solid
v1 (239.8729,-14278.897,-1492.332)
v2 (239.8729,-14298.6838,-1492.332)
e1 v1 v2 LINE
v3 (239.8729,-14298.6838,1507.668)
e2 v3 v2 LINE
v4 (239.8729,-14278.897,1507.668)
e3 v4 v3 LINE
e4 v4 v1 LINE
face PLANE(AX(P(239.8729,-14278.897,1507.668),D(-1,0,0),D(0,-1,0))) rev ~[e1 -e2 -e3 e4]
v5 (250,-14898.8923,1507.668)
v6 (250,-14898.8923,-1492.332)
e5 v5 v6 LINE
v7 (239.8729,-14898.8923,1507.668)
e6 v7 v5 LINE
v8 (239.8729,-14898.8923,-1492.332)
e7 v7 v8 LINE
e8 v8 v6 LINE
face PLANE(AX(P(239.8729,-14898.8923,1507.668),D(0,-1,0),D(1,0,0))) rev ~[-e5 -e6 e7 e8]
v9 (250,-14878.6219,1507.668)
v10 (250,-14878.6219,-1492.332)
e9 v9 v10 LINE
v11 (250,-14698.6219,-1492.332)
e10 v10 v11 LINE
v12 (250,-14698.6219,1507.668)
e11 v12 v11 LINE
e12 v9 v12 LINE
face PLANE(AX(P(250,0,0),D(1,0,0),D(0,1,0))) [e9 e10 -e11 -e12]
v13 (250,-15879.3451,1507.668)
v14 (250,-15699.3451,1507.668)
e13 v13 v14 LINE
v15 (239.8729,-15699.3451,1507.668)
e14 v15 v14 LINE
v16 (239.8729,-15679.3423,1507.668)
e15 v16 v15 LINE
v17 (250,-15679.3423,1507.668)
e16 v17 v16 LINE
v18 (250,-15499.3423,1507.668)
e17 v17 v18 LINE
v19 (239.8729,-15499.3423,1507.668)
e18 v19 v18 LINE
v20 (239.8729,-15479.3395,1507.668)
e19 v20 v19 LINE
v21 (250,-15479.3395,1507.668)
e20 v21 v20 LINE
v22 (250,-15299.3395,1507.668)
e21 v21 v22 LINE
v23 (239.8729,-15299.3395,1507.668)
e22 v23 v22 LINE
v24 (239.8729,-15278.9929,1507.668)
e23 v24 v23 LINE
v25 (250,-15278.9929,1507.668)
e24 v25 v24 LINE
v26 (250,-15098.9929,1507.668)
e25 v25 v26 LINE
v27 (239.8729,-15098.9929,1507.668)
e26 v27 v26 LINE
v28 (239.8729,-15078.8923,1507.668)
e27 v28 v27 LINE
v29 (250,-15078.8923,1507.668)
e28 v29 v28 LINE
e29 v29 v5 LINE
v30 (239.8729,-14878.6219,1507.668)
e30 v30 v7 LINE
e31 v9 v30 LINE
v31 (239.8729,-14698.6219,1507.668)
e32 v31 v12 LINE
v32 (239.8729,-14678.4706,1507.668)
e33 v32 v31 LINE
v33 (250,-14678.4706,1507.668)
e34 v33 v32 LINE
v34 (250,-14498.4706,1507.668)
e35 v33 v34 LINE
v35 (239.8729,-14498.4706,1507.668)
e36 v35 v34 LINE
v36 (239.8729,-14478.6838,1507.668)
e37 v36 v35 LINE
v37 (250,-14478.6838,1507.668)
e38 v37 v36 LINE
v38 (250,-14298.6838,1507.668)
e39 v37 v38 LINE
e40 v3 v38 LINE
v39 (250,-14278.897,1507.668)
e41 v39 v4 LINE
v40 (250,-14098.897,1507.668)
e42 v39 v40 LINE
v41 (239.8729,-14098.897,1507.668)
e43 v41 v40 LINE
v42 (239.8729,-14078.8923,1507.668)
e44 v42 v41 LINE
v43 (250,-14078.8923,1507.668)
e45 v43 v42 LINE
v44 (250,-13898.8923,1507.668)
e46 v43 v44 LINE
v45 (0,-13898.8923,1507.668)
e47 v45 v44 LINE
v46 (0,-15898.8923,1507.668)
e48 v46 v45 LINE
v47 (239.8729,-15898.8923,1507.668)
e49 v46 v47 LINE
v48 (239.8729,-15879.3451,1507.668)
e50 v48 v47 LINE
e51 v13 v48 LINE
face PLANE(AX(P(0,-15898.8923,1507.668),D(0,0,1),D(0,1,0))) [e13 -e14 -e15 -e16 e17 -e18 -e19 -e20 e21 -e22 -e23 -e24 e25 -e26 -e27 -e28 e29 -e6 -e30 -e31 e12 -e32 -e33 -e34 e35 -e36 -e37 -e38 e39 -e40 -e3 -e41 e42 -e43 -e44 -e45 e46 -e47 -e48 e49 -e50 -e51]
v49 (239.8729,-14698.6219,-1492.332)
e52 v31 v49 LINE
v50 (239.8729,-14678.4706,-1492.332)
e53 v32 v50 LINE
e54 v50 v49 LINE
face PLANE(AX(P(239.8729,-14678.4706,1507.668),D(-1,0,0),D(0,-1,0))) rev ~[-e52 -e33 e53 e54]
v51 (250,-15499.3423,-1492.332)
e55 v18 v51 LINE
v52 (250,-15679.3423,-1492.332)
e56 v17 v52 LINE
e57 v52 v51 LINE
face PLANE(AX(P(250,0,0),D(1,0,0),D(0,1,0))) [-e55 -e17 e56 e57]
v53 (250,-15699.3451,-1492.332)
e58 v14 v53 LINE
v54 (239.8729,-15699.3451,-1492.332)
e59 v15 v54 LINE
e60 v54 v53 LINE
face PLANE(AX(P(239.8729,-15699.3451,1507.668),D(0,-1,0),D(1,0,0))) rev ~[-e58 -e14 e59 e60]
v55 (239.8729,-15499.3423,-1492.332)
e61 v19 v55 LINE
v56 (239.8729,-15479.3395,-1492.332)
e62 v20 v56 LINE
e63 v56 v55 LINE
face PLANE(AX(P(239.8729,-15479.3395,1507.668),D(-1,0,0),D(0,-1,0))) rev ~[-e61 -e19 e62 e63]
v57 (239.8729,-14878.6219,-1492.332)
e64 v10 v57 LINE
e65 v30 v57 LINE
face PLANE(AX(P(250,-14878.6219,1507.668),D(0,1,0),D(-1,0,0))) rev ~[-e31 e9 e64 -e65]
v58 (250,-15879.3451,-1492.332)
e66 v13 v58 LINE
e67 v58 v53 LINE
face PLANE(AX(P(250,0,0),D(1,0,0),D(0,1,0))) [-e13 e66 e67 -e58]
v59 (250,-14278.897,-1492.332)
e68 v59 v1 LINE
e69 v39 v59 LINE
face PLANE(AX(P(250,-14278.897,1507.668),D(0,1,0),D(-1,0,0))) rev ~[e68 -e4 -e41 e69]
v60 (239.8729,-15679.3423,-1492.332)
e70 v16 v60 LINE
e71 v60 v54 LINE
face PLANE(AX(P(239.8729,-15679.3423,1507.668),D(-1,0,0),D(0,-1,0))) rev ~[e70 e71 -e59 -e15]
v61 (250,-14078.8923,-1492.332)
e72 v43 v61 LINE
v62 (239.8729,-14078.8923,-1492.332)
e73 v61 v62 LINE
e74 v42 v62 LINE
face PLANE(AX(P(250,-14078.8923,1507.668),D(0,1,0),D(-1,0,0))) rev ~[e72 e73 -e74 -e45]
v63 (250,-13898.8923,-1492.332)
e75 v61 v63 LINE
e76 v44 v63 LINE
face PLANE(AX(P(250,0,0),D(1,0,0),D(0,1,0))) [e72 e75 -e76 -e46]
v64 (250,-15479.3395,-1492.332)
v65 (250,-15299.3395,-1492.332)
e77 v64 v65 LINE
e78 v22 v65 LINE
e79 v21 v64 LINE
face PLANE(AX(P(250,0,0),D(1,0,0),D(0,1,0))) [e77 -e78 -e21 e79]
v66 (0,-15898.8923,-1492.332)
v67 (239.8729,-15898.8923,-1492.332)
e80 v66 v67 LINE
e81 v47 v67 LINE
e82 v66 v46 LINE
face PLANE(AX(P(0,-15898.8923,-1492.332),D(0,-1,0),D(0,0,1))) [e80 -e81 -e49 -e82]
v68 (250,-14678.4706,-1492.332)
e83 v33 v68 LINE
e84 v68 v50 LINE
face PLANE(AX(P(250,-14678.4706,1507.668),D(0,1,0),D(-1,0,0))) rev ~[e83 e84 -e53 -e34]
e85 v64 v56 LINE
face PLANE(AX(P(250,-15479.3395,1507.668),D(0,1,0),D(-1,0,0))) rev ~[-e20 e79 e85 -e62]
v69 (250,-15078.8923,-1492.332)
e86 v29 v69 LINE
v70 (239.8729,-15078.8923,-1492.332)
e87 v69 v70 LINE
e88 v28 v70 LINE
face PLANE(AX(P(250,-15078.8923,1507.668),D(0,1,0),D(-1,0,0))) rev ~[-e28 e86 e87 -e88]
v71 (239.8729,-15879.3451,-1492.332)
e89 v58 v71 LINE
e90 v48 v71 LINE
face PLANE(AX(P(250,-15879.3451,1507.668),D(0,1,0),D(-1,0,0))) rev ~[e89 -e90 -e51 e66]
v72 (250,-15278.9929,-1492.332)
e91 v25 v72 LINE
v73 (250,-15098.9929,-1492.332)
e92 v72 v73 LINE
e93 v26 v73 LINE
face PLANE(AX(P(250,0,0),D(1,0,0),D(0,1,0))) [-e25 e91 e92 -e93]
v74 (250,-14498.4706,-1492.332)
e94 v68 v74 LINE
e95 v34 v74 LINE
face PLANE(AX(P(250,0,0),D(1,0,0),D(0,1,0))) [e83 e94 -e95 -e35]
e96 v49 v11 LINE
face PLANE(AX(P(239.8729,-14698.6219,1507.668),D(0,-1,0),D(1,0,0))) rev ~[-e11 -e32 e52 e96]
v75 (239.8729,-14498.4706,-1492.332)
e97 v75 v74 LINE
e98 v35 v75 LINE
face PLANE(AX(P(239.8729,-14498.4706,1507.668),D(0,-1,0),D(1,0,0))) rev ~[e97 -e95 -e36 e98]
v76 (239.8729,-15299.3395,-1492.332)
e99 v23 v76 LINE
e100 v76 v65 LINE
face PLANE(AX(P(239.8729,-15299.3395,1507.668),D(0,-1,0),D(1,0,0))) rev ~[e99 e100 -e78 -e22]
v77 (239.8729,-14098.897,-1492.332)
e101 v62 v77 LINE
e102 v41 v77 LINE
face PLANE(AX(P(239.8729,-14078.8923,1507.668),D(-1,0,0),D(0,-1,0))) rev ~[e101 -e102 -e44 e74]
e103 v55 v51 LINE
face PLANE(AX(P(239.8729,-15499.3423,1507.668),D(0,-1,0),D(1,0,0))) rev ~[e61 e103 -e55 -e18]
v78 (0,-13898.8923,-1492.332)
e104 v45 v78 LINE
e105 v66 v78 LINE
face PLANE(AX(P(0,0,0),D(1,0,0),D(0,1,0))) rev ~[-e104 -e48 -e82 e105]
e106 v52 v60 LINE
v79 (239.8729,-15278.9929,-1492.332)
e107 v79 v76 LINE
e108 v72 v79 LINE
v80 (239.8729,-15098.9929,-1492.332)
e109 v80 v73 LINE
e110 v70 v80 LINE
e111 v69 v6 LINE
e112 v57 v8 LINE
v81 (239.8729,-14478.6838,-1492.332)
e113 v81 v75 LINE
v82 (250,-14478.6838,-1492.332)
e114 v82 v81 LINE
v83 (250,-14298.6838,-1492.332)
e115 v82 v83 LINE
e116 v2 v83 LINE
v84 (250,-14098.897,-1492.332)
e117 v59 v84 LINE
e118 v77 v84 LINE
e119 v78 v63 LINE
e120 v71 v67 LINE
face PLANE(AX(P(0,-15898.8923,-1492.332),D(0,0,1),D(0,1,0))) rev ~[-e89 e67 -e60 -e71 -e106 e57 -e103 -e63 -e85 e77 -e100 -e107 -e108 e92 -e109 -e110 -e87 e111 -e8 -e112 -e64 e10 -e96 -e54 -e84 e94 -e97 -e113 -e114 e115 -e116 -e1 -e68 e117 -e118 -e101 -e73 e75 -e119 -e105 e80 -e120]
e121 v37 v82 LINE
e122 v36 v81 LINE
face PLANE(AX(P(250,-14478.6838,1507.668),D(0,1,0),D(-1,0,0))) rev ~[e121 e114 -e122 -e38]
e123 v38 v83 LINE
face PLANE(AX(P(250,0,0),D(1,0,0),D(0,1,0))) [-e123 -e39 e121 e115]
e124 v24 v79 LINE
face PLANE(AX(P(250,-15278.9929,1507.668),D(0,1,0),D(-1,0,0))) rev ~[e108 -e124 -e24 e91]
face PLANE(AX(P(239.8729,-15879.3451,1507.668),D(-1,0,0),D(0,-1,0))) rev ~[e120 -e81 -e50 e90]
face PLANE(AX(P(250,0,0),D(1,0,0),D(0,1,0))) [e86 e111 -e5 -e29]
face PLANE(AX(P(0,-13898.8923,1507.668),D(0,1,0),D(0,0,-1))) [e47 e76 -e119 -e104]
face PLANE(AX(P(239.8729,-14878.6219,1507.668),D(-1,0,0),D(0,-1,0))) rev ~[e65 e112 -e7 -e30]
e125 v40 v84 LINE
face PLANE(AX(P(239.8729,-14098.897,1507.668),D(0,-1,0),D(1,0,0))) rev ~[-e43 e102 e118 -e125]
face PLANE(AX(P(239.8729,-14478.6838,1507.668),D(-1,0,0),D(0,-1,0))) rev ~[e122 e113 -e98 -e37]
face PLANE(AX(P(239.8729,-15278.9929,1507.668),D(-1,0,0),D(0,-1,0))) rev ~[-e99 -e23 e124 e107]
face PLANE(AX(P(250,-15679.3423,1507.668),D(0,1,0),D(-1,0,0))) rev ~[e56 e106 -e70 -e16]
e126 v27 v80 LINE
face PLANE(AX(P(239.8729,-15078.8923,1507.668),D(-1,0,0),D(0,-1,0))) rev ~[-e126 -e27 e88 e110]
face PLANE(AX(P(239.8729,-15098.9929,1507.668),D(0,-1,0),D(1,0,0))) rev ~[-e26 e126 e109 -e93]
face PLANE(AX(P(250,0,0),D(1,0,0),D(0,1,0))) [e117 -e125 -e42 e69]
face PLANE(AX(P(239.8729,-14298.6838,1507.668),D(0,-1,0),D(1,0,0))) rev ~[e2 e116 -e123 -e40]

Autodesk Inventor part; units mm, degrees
ref_plane "YZ Plane" through (0, 0, 0) normal (1, 0, 0) x (0, 1, 0)
ref_plane "XZ Plane" through (0, 0, 0) normal (0, 1, 0) x (-1, 0, 0)
ref_plane "XY Plane" through (0, 0, 0) normal (0, 0, 1) x (1, 0, 0)
sketch "Sketch1" plane through (0, 0, 0) normal (1, 0, 0) x (0, 1, 0)
  line L0 (-15898.8923, -1492.332) -> (-15898.8923, 1507.668)
  line L1 (-15898.8923, 1507.668) -> (-13898.8923, 1507.668)
  line L2 (-13898.8923, 1507.668) -> (-13898.8923, -1492.332)
  line L3 (-15898.8923, -1492.332) -> (-13898.8923, -1492.332)
  point P0 (0, 0)
  dimension "d0" = 2000
  dimension "d1" = 3000
  dimension "d2" = 90
extrude "Extrusion1" add sketch "Sketch1" along normal blind 250
sketch "Sketch3" plane through (0, -15898.8923, 1507.668) normal (0, 0, 1) x (1, 0, 0)
  line L0 (250, 2000) -> (250, 0) projected
  line L1 (250, 2000) -> (250, 1820)
  line L2 (250, 1820) -> (239.8729, 1820)
  line L3 (239.8729, 1820) -> (239.8729, 1799.9953)
  line L4 (239.8729, 1799.9953) -> (250, 1799.9953)
  line L5 (250, 1799.9953) -> (250, 1619.9953)
  line L6 (250, 1619.9953) -> (239.8729, 1619.9953)
  line L7 (239.8729, 1619.9953) -> (239.8729, 1600.2085)
  line L8 (239.8729, 1600.2085) -> (250, 1600.2085)
  line L9 (250, 1600.2085) -> (250, 1420.2085)
  line L10 (250, 1420.2085) -> (239.8729, 1420.2085)
  line L11 (239.8729, 1420.2085) -> (239.8729, 1400.4217)
  line L12 (239.8729, 1400.4217) -> (250, 1400.4217)
  line L13 (250, 1400.4217) -> (250, 1220.4217)
  line L14 (250, 1220.4217) -> (239.8729, 1220.4217)
  line L15 (239.8729, 1220.4217) -> (239.8729, 1200.2704)
  line L16 (239.8729, 1200.2704) -> (250, 1200.2704)
  line L17 (250, 1200.2704) -> (250, 1020.2704)
  line L18 (250, 1020.2704) -> (239.8729, 1020.2704)
  line L19 (239.8729, 1020.2704) -> (239.8729, 1000)
  line L20 (239.8729, 1000) -> (250, 1000)
  line L21 (250, 1000) -> (250, 820)
  line L22 (250, 820) -> (239.8729, 820)
  line L23 (239.8729, 820) -> (239.8729, 799.8994)
  line L24 (239.8729, 799.8994) -> (250, 799.8994)
  line L25 (250, 799.8994) -> (250, 619.8994)
  line L26 (250, 619.8994) -> (239.8729, 619.8994)
  line L27 (239.8729, 619.8994) -> (239.8729, 599.5528)
  line L28 (239.8729, 599.5528) -> (250, 599.5528)
  line L29 (250, 599.5528) -> (250, 419.5528)
  line L30 (250, 419.5528) -> (239.8729, 419.5528)
  line L31 (239.8729, 419.5528) -> (239.8729, 399.55)
  line L32 (239.8729, 399.55) -> (250, 399.55)
  line L33 (250, 399.55) -> (250, 219.55)
  line L34 (250, 219.55) -> (239.8729, 219.55)
  line L35 (239.8729, 219.55) -> (239.8729, 199.5472)
  line L36 (239.8729, 199.5472) -> (250, 199.5472)
  line L37 (250, 199.5472) -> (250, 19.5472)
  line L38 (250, 19.5472) -> (239.8729, 19.5472)
  line L39 (239.8729, 19.5472) -> (239.8729, 0)
  line L40 (0, 0) -> (250, 0) projected
  line L41 (239.8729, 0) -> (250, 0)
  line L42 (250, 0) -> (250, 1820)
  point P0 (0, 15898.8923)
  dimension "d14" = 180
  dimension "d15" = 180
  dimension "d16" = 180
  dimension "d17" = 180
  dimension "d18" = 180
  dimension "d19" = 180
  dimension "d20" = 180
  dimension "d21" = 180
  dimension "d22" = 180
  dimension "d23" = 180
extrude "Extrusion2" cut sketch "Sketch3" against normal through all
properties part number "side_wall_block_01" material "Wood (Maple)"
